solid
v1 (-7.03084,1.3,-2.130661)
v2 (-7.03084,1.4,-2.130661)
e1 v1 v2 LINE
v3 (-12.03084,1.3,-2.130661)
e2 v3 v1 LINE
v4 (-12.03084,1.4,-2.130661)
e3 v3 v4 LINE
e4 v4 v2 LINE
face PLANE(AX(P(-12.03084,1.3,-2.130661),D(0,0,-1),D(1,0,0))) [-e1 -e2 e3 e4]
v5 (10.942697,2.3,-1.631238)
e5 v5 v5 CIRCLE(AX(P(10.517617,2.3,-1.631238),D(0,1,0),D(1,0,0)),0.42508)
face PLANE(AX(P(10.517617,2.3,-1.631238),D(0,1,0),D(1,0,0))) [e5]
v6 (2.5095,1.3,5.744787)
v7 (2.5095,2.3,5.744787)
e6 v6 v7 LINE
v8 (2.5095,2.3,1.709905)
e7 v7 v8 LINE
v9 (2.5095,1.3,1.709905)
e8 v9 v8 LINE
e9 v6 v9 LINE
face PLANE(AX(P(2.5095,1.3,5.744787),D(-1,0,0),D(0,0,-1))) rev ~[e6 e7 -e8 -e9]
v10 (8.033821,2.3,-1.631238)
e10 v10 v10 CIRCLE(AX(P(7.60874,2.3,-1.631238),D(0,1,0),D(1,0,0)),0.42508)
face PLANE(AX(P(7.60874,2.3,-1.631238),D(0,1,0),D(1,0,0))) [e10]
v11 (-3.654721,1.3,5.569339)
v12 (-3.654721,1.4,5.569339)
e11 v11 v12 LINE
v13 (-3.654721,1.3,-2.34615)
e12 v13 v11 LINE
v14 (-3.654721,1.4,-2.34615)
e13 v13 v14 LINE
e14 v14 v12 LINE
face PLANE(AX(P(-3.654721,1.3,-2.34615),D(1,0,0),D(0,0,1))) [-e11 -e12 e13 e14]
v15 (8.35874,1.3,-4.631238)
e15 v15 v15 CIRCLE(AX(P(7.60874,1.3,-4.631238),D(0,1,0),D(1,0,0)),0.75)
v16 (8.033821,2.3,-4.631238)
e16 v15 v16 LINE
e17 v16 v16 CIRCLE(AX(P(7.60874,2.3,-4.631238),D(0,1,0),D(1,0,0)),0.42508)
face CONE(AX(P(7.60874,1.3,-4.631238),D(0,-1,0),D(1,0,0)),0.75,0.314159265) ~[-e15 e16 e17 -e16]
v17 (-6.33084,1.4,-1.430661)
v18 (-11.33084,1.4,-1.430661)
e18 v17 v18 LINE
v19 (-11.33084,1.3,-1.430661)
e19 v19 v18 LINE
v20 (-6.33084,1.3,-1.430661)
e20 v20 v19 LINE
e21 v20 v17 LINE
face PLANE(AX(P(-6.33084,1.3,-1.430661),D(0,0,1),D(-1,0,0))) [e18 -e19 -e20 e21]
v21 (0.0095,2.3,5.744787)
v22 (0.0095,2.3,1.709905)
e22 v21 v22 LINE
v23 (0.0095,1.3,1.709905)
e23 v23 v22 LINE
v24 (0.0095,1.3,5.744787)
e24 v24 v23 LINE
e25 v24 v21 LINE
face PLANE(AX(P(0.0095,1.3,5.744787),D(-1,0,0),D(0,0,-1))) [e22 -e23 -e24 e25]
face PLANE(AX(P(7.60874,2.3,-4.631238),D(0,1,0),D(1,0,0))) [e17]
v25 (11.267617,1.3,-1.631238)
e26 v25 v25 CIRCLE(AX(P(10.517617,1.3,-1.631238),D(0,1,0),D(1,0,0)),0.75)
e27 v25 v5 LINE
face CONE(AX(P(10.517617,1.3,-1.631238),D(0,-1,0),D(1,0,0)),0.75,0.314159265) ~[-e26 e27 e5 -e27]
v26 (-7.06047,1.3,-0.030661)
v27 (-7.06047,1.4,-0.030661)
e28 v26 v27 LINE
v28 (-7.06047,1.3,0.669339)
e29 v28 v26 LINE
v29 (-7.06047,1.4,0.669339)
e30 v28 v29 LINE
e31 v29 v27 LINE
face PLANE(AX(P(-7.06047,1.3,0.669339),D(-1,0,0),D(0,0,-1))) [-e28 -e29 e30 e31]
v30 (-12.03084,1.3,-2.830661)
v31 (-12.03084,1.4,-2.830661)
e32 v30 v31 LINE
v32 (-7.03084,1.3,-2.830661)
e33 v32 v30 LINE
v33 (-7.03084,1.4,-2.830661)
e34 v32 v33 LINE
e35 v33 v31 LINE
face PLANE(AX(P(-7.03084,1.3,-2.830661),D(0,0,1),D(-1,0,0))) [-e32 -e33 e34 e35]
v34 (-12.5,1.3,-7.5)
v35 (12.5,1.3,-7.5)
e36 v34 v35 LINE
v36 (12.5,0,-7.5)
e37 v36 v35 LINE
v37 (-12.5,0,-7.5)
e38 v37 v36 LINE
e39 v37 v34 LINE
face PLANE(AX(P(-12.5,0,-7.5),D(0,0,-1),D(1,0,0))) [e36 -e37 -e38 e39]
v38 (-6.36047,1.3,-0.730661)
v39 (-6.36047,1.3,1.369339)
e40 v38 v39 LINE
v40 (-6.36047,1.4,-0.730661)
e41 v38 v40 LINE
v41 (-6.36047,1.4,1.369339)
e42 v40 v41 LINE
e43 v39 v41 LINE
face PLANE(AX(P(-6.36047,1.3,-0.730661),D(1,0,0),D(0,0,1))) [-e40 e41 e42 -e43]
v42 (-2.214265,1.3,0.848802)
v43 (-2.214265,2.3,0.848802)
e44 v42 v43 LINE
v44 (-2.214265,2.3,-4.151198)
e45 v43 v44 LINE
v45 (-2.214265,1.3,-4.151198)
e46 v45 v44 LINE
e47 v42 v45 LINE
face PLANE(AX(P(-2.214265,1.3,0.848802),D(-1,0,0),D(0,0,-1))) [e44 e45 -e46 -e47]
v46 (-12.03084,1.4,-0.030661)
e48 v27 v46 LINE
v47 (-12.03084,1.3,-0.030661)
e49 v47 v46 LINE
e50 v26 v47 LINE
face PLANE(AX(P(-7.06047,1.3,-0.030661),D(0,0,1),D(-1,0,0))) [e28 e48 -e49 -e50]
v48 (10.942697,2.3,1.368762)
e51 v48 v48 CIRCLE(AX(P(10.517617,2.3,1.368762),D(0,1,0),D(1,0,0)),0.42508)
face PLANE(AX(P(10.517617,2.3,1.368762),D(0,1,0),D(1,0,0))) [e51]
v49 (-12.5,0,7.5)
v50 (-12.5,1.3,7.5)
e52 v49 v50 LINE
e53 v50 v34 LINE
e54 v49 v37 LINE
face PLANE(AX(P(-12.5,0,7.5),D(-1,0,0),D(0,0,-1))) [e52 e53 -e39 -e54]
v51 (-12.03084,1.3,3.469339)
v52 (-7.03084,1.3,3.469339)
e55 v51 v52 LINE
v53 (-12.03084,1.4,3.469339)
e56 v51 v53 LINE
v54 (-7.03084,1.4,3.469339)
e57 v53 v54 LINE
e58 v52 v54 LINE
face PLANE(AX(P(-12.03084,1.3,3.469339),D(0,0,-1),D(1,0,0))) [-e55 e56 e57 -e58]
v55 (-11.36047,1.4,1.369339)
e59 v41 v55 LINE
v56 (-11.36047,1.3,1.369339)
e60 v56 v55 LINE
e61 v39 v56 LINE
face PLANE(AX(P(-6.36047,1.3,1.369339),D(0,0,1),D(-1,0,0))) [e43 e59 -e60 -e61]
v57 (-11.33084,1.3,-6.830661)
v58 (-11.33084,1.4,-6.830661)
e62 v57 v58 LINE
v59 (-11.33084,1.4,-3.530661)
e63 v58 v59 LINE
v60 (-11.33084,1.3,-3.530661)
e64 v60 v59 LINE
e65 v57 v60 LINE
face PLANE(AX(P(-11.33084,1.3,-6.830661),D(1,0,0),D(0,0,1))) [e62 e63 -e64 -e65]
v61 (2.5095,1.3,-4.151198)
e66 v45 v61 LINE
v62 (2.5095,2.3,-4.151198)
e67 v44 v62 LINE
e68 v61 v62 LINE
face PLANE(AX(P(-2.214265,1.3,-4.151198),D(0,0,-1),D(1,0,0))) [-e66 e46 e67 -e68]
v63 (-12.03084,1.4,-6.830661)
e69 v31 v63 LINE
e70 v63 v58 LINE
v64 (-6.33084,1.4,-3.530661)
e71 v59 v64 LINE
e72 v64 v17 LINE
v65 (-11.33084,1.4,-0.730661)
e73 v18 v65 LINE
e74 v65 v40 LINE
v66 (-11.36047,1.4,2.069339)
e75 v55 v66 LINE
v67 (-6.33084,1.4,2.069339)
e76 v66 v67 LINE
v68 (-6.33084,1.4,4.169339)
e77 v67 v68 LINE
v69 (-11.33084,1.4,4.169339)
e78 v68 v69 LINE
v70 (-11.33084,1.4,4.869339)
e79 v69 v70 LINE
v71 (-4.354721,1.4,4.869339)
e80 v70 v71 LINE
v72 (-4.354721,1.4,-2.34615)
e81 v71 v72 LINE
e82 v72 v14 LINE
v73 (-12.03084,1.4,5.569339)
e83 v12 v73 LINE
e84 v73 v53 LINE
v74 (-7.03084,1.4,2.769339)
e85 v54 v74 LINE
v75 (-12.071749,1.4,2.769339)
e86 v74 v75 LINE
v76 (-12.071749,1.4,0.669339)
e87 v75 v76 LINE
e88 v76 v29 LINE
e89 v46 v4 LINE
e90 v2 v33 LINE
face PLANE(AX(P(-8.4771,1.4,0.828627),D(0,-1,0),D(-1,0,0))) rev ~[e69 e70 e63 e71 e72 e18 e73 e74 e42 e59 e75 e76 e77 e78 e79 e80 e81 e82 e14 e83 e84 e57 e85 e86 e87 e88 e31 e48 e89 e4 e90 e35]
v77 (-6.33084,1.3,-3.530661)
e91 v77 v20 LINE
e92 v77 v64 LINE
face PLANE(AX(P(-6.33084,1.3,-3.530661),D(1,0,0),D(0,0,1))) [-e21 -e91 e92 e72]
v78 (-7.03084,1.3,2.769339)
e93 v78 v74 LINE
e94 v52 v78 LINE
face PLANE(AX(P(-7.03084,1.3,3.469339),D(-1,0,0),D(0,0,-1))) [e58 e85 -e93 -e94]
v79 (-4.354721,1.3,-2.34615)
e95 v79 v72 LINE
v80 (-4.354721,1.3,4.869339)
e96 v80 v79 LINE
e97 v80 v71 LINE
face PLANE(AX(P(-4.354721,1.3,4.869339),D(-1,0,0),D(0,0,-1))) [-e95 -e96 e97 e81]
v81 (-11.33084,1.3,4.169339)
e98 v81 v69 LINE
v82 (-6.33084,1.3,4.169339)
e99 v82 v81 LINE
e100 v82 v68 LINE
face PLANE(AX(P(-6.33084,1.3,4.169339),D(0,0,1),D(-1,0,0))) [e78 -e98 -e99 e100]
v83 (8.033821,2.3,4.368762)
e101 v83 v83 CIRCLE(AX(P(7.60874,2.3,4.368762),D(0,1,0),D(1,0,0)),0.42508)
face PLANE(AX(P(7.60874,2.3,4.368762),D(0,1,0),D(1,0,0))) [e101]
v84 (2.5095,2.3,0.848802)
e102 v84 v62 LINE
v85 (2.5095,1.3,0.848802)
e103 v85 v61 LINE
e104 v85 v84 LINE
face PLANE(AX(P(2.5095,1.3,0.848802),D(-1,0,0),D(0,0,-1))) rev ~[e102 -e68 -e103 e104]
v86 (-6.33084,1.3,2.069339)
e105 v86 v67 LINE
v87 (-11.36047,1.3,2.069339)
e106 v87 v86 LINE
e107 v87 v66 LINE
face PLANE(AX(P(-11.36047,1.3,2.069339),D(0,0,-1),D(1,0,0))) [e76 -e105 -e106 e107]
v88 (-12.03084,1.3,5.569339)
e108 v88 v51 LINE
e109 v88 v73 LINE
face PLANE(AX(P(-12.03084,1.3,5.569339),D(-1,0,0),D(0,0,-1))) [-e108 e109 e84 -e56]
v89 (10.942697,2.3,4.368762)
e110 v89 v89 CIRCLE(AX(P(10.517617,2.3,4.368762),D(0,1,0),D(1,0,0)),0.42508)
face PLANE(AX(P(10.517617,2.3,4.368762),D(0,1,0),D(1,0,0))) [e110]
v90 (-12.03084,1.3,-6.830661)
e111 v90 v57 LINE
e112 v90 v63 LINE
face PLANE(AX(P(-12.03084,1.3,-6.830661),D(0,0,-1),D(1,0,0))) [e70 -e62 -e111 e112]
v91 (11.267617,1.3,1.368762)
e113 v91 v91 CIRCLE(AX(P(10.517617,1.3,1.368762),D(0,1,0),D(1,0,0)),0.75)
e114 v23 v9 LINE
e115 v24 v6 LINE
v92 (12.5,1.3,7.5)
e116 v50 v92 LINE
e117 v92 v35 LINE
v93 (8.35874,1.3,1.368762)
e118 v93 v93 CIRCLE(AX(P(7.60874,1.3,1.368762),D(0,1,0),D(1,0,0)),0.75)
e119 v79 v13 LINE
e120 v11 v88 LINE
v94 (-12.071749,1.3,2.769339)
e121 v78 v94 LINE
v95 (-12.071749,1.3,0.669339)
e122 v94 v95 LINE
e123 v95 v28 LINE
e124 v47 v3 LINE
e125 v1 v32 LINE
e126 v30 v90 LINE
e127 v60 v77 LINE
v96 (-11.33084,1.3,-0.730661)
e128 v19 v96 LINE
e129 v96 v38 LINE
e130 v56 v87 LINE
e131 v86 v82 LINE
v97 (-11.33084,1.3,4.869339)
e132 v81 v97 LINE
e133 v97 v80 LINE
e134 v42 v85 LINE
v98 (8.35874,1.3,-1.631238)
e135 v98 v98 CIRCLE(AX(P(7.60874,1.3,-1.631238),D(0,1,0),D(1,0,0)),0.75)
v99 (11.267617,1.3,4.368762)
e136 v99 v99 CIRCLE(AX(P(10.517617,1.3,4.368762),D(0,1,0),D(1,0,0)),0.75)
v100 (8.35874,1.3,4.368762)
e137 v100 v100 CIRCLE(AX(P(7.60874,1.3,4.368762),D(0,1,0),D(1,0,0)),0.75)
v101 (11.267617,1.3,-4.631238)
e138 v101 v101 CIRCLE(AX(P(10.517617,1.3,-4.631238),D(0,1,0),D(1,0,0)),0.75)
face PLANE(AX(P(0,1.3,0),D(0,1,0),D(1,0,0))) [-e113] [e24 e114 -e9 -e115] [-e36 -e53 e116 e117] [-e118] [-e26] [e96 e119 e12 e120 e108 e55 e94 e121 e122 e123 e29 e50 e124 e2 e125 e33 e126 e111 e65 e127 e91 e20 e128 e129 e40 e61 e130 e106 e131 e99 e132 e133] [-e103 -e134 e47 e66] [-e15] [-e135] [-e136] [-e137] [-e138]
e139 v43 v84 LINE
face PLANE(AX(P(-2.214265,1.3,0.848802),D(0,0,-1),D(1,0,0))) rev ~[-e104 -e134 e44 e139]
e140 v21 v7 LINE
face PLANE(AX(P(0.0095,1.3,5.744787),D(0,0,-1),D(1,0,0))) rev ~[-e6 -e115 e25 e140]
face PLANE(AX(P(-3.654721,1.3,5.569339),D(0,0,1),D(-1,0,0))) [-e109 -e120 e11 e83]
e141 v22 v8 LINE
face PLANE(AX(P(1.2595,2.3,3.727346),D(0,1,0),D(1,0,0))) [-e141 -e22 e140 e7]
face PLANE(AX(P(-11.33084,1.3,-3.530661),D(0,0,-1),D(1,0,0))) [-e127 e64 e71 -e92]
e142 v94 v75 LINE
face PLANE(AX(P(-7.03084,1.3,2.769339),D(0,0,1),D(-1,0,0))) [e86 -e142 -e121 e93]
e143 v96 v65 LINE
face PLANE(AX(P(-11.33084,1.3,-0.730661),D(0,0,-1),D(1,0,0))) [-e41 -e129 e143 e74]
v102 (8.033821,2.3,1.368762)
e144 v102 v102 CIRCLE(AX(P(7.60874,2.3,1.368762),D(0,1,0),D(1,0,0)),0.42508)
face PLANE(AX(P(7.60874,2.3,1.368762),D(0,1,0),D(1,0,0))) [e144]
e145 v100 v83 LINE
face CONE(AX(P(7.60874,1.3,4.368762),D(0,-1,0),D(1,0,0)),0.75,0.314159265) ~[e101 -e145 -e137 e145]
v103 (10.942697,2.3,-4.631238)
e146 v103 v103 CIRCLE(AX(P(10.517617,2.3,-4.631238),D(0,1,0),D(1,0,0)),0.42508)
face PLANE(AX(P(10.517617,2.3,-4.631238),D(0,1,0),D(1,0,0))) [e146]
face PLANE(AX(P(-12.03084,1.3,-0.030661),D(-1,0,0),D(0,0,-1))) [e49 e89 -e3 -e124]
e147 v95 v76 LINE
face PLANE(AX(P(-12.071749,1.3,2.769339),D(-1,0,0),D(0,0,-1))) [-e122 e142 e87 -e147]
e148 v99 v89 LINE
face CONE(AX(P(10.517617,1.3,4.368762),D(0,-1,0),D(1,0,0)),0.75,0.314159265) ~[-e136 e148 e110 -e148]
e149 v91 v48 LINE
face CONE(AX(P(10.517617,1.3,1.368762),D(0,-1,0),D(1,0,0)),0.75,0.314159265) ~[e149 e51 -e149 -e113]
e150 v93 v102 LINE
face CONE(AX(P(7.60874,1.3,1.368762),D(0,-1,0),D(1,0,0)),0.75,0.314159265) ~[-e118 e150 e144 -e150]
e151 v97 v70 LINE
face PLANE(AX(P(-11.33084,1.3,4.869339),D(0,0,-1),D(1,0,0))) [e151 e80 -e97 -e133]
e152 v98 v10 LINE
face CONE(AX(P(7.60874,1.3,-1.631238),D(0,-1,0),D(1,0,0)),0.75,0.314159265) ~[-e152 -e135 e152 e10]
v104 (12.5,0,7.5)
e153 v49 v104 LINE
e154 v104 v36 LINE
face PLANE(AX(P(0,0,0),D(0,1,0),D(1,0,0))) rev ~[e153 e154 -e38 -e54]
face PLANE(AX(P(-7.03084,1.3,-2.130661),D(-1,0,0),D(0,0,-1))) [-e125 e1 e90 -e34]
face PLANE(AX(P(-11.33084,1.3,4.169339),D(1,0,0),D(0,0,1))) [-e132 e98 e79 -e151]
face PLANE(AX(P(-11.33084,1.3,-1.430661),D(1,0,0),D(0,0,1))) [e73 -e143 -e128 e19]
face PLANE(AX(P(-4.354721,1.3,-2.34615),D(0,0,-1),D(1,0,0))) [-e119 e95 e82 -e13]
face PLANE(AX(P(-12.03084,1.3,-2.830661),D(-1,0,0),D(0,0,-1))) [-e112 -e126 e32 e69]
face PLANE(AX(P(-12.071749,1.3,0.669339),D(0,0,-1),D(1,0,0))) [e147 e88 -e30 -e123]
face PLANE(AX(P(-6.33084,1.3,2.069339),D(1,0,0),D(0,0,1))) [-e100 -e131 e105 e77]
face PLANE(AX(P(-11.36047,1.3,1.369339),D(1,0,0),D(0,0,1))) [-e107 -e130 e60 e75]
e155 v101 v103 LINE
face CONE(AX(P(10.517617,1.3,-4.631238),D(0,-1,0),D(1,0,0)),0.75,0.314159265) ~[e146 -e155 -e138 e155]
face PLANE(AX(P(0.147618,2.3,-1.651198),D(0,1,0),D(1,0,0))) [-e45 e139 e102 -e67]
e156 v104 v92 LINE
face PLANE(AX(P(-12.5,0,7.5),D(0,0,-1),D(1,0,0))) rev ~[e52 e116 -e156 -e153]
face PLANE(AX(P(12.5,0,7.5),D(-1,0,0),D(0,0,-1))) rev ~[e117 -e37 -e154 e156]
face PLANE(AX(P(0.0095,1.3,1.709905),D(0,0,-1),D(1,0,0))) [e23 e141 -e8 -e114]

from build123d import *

# Parameters (mm, degrees)
SKETCH1_W                     = 25
SKETCH1_H                     = 15
BOSS_EXTRUDE1_DEPTH           = 1.3
BOSS_EXTRUDE2_DEPTH           = 0.1
SKETCH3_W                     = 4.723765288
SKETCH3_H                     = 5
SKETCH3_W_2                   = 2.5
SKETCH3_H_2                   = 4.03488285
BOSS_EXTRUDE3_DEPTH           = 1
SKETCH4_R                     = 0.75
BOSS_EXTRUDE4_DEPTH           = 1
BOSS_EXTRUDE4_DRAFT           = 18
BOSS_EXTRUDE4_PROFILE_2_DEPTH = 1
BOSS_EXTRUDE4_PROFILE_2_DRAFT = 18
BOSS_EXTRUDE4_PROFILE_3_DEPTH = 1
BOSS_EXTRUDE4_PROFILE_3_DRAFT = 18
BOSS_EXTRUDE4_PROFILE_4_DEPTH = 1
BOSS_EXTRUDE4_PROFILE_4_DRAFT = 18
BOSS_EXTRUDE4_PROFILE_5_DEPTH = 1
BOSS_EXTRUDE4_PROFILE_5_DRAFT = 18
BOSS_EXTRUDE4_PROFILE_6_DEPTH = 1
BOSS_EXTRUDE4_PROFILE_6_DRAFT = 18
BOSS_EXTRUDE4_PROFILE_7_DEPTH = 1
BOSS_EXTRUDE4_PROFILE_7_DRAFT = 18
BOSS_EXTRUDE4_PROFILE_8_DEPTH = 1
BOSS_EXTRUDE4_PROFILE_8_DRAFT = 18


with BuildPart() as part:
    # Sketch1 → Boss-Extrude1 (new body)
    with BuildSketch(Plane(origin=(0, 0, 0), x_dir=(1, 0, 0), z_dir=(0, 1, 0))):
        Rectangle(SKETCH1_W, SKETCH1_H)
    extrude(amount=BOSS_EXTRUDE1_DEPTH)

    # Sketch2 → Boss-Extrude2 (add)
    with BuildSketch(Plane(origin=(0, 1.3, 0), x_dir=(1, 0, 0), z_dir=(0, 1, 0))):
        Polygon((-3.654721125, -5.569339468), (-12.030839718, -5.569339468), (-12.030839718, -3.469339468), (-7.030839718, -3.469339468), (-7.030839718, -2.769339468), (-12.071748872, -2.769339468), (-12.071748872, -0.669339468), (-7.060469733, -0.669339468), (-7.060469733, 0.030660532), (-12.030839718, 0.030660532), (-12.030839718, 2.130660532), (-7.030839718, 2.130660532), (-7.030839718, 2.830660532), (-12.030839718, 2.830660532), (-12.030839718, 6.830660532), (-11.330839718, 6.830660532), (-11.330839718, 3.530660532), (-6.330839718, 3.530660532), (-6.330839718, 1.430660532), (-11.330839718, 1.430660532), (-11.330839718, 0.730660532), (-6.360469733, 0.730660532), (-6.360469733, -1.369339468), (-11.360469733, -1.369339468), (-11.360469733, -2.069339468), (-6.330839718, -2.069339468), (-6.330839718, -4.169339468), (-11.330839718, -4.169339468), (-11.330839718, -4.869339468), (-4.354721125, -4.869339468), (-4.354721125, 2.346150012), (-3.654721125, 2.346150012), align=None)
    extrude(amount=BOSS_EXTRUDE2_DEPTH)

    # Sketch3 → Boss-Extrude3 (add)
    with BuildSketch(Plane(origin=(0, 1.3, 0), x_dir=(1, 0, 0), z_dir=(0, 1, 0))):
        with Locations((0.147617665, 1.651198425)):
            Rectangle(SKETCH3_W, SKETCH3_H)
        with Locations((1.259500309, -3.727346048)):
            Rectangle(SKETCH3_W_2, SKETCH3_H_2)
    extrude(amount=BOSS_EXTRUDE3_DEPTH)


with BuildPart() as boss_extrude4_tool:
    # Sketch4 → Boss-Extrude4 (with draft: the straight prism first)
    with BuildSketch(Plane(origin=(0, 1.3, 0), x_dir=(1, 0, 0), z_dir=(0, 1, 0))):
        with Locations((7.608740396, 4.631238018)):
            Circle(SKETCH4_R)
    extrude(amount=BOSS_EXTRUDE4_DEPTH)
    # Boss-Extrude4: the draft: its side faces are tilted about the plane it starts from
    boss_extrude4_sides = [boss_extrude4_tool.faces().sort_by_distance(p)[0] for p in [
        (6.858740396, 1.8, -4.631238018),
    ]]
    draft(boss_extrude4_sides, Plane(origin=(0, 1.3, 0), x_dir=(1, 0, 0), z_dir=(0, 1, 0)), BOSS_EXTRUDE4_DRAFT)


with BuildPart() as part_1:
    add(part.part)

    # Boss-Extrude4: add boss_extrude4_tool
    add(boss_extrude4_tool.part)


with BuildPart() as boss_extrude4_profile_2_tool:
    # Sketch4 → Boss-Extrude4 profile 2 (with draft: the straight prism first)
    with BuildSketch(Plane(origin=(0, 1.3, 0), x_dir=(1, 0, 0), z_dir=(0, 1, 0))):
        with Locations((10.517617168, 4.631238018)):
            Circle(SKETCH4_R)
    extrude(amount=BOSS_EXTRUDE4_PROFILE_2_DEPTH)
    # Boss-Extrude4 profile 2: the draft: its side faces are tilted about the plane it starts from
    boss_extrude4_profile_2_sides = [boss_extrude4_profile_2_tool.faces().sort_by_distance(p)[0] for p in [
        (9.767617168, 1.8, -4.631238018),
    ]]
    draft(boss_extrude4_profile_2_sides, Plane(origin=(0, 1.3, 0), x_dir=(1, 0, 0), z_dir=(0, 1, 0)), BOSS_EXTRUDE4_PROFILE_2_DRAFT)


with BuildPart() as part_2:
    add(part_1.part)

    # Boss-Extrude4 profile 2: add boss_extrude4_profile_2_tool
    add(boss_extrude4_profile_2_tool.part)


with BuildPart() as boss_extrude4_profile_3_tool:
    # Sketch4 → Boss-Extrude4 profile 3 (with draft: the straight prism first)
    with BuildSketch(Plane(origin=(0, 1.3, 0), x_dir=(1, 0, 0), z_dir=(0, 1, 0))):
        with Locations((7.608740396, 1.631238018)):
            Circle(SKETCH4_R)
    extrude(amount=BOSS_EXTRUDE4_PROFILE_3_DEPTH)
    # Boss-Extrude4 profile 3: the draft: its side faces are tilted about the plane it starts from
    boss_extrude4_profile_3_sides = [boss_extrude4_profile_3_tool.faces().sort_by_distance(p)[0] for p in [
        (6.858740396, 1.8, -1.631238018),
    ]]
    draft(boss_extrude4_profile_3_sides, Plane(origin=(0, 1.3, 0), x_dir=(1, 0, 0), z_dir=(0, 1, 0)), BOSS_EXTRUDE4_PROFILE_3_DRAFT)


with BuildPart() as part_3:
    add(part_2.part)

    # Boss-Extrude4 profile 3: add boss_extrude4_profile_3_tool
    add(boss_extrude4_profile_3_tool.part)


with BuildPart() as boss_extrude4_profile_4_tool:
    # Sketch4 → Boss-Extrude4 profile 4 (with draft: the straight prism first)
    with BuildSketch(Plane(origin=(0, 1.3, 0), x_dir=(1, 0, 0), z_dir=(0, 1, 0))):
        with Locations((10.517617168, 1.631238018)):
            Circle(SKETCH4_R)
    extrude(amount=BOSS_EXTRUDE4_PROFILE_4_DEPTH)
    # Boss-Extrude4 profile 4: the draft: its side faces are tilted about the plane it starts from
    boss_extrude4_profile_4_sides = [boss_extrude4_profile_4_tool.faces().sort_by_distance(p)[0] for p in [
        (9.767617168, 1.8, -1.631238018),
    ]]
    draft(boss_extrude4_profile_4_sides, Plane(origin=(0, 1.3, 0), x_dir=(1, 0, 0), z_dir=(0, 1, 0)), BOSS_EXTRUDE4_PROFILE_4_DRAFT)


with BuildPart() as part_4:
    add(part_3.part)

    # Boss-Extrude4 profile 4: add boss_extrude4_profile_4_tool
    add(boss_extrude4_profile_4_tool.part)


with BuildPart() as boss_extrude4_profile_5_tool:
    # Sketch4 → Boss-Extrude4 profile 5 (with draft: the straight prism first)
    with BuildSketch(Plane(origin=(0, 1.3, 0), x_dir=(1, 0, 0), z_dir=(0, 1, 0))):
        with Locations((7.608740396, -1.368761982)):
            Circle(SKETCH4_R)
    extrude(amount=BOSS_EXTRUDE4_PROFILE_5_DEPTH)
    # Boss-Extrude4 profile 5: the draft: its side faces are tilted about the plane it starts from
    boss_extrude4_profile_5_sides = [boss_extrude4_profile_5_tool.faces().sort_by_distance(p)[0] for p in [
        (6.858740396, 1.8, 1.368761982),
    ]]
    draft(boss_extrude4_profile_5_sides, Plane(origin=(0, 1.3, 0), x_dir=(1, 0, 0), z_dir=(0, 1, 0)), BOSS_EXTRUDE4_PROFILE_5_DRAFT)


with BuildPart() as part_5:
    add(part_4.part)

    # Boss-Extrude4 profile 5: add boss_extrude4_profile_5_tool
    add(boss_extrude4_profile_5_tool.part)


with BuildPart() as boss_extrude4_profile_6_tool:
    # Sketch4 → Boss-Extrude4 profile 6 (with draft: the straight prism first)
    with BuildSketch(Plane(origin=(0, 1.3, 0), x_dir=(1, 0, 0), z_dir=(0, 1, 0))):
        with Locations((10.517617168, -1.368761982)):
            Circle(SKETCH4_R)
    extrude(amount=BOSS_EXTRUDE4_PROFILE_6_DEPTH)
    # Boss-Extrude4 profile 6: the draft: its side faces are tilted about the plane it starts from
    boss_extrude4_profile_6_sides = [boss_extrude4_profile_6_tool.faces().sort_by_distance(p)[0] for p in [
        (9.767617168, 1.8, 1.368761982),
    ]]
    draft(boss_extrude4_profile_6_sides, Plane(origin=(0, 1.3, 0), x_dir=(1, 0, 0), z_dir=(0, 1, 0)), BOSS_EXTRUDE4_PROFILE_6_DRAFT)


with BuildPart() as part_6:
    add(part_5.part)

    # Boss-Extrude4 profile 6: add boss_extrude4_profile_6_tool
    add(boss_extrude4_profile_6_tool.part)


with BuildPart() as boss_extrude4_profile_7_tool:
    # Sketch4 → Boss-Extrude4 profile 7 (with draft: the straight prism first)
    with BuildSketch(Plane(origin=(0, 1.3, 0), x_dir=(1, 0, 0), z_dir=(0, 1, 0))):
        with Locations((7.608740396, -4.368761982)):
            Circle(SKETCH4_R)
    extrude(amount=BOSS_EXTRUDE4_PROFILE_7_DEPTH)
    # Boss-Extrude4 profile 7: the draft: its side faces are tilted about the plane it starts from
    boss_extrude4_profile_7_sides = [boss_extrude4_profile_7_tool.faces().sort_by_distance(p)[0] for p in [
        (6.858740396, 1.8, 4.368761982),
    ]]
    draft(boss_extrude4_profile_7_sides, Plane(origin=(0, 1.3, 0), x_dir=(1, 0, 0), z_dir=(0, 1, 0)), BOSS_EXTRUDE4_PROFILE_7_DRAFT)


with BuildPart() as part_7:
    add(part_6.part)

    # Boss-Extrude4 profile 7: add boss_extrude4_profile_7_tool
    add(boss_extrude4_profile_7_tool.part)


with BuildPart() as boss_extrude4_profile_8_tool:
    # Sketch4 → Boss-Extrude4 profile 8 (with draft: the straight prism first)
    with BuildSketch(Plane(origin=(0, 1.3, 0), x_dir=(1, 0, 0), z_dir=(0, 1, 0))):
        with Locations((10.517617168, -4.368761982)):
            Circle(SKETCH4_R)
    extrude(amount=BOSS_EXTRUDE4_PROFILE_8_DEPTH)
    # Boss-Extrude4 profile 8: the draft: its side faces are tilted about the plane it starts from
    boss_extrude4_profile_8_sides = [boss_extrude4_profile_8_tool.faces().sort_by_distance(p)[0] for p in [
        (9.767617168, 1.8, 4.368761982),
    ]]
    draft(boss_extrude4_profile_8_sides, Plane(origin=(0, 1.3, 0), x_dir=(1, 0, 0), z_dir=(0, 1, 0)), BOSS_EXTRUDE4_PROFILE_8_DRAFT)


with BuildPart() as part_8:
    add(part_7.part)

    # Boss-Extrude4 profile 8: add boss_extrude4_profile_8_tool
    add(boss_extrude4_profile_8_tool.part)


solid = part_8.part
